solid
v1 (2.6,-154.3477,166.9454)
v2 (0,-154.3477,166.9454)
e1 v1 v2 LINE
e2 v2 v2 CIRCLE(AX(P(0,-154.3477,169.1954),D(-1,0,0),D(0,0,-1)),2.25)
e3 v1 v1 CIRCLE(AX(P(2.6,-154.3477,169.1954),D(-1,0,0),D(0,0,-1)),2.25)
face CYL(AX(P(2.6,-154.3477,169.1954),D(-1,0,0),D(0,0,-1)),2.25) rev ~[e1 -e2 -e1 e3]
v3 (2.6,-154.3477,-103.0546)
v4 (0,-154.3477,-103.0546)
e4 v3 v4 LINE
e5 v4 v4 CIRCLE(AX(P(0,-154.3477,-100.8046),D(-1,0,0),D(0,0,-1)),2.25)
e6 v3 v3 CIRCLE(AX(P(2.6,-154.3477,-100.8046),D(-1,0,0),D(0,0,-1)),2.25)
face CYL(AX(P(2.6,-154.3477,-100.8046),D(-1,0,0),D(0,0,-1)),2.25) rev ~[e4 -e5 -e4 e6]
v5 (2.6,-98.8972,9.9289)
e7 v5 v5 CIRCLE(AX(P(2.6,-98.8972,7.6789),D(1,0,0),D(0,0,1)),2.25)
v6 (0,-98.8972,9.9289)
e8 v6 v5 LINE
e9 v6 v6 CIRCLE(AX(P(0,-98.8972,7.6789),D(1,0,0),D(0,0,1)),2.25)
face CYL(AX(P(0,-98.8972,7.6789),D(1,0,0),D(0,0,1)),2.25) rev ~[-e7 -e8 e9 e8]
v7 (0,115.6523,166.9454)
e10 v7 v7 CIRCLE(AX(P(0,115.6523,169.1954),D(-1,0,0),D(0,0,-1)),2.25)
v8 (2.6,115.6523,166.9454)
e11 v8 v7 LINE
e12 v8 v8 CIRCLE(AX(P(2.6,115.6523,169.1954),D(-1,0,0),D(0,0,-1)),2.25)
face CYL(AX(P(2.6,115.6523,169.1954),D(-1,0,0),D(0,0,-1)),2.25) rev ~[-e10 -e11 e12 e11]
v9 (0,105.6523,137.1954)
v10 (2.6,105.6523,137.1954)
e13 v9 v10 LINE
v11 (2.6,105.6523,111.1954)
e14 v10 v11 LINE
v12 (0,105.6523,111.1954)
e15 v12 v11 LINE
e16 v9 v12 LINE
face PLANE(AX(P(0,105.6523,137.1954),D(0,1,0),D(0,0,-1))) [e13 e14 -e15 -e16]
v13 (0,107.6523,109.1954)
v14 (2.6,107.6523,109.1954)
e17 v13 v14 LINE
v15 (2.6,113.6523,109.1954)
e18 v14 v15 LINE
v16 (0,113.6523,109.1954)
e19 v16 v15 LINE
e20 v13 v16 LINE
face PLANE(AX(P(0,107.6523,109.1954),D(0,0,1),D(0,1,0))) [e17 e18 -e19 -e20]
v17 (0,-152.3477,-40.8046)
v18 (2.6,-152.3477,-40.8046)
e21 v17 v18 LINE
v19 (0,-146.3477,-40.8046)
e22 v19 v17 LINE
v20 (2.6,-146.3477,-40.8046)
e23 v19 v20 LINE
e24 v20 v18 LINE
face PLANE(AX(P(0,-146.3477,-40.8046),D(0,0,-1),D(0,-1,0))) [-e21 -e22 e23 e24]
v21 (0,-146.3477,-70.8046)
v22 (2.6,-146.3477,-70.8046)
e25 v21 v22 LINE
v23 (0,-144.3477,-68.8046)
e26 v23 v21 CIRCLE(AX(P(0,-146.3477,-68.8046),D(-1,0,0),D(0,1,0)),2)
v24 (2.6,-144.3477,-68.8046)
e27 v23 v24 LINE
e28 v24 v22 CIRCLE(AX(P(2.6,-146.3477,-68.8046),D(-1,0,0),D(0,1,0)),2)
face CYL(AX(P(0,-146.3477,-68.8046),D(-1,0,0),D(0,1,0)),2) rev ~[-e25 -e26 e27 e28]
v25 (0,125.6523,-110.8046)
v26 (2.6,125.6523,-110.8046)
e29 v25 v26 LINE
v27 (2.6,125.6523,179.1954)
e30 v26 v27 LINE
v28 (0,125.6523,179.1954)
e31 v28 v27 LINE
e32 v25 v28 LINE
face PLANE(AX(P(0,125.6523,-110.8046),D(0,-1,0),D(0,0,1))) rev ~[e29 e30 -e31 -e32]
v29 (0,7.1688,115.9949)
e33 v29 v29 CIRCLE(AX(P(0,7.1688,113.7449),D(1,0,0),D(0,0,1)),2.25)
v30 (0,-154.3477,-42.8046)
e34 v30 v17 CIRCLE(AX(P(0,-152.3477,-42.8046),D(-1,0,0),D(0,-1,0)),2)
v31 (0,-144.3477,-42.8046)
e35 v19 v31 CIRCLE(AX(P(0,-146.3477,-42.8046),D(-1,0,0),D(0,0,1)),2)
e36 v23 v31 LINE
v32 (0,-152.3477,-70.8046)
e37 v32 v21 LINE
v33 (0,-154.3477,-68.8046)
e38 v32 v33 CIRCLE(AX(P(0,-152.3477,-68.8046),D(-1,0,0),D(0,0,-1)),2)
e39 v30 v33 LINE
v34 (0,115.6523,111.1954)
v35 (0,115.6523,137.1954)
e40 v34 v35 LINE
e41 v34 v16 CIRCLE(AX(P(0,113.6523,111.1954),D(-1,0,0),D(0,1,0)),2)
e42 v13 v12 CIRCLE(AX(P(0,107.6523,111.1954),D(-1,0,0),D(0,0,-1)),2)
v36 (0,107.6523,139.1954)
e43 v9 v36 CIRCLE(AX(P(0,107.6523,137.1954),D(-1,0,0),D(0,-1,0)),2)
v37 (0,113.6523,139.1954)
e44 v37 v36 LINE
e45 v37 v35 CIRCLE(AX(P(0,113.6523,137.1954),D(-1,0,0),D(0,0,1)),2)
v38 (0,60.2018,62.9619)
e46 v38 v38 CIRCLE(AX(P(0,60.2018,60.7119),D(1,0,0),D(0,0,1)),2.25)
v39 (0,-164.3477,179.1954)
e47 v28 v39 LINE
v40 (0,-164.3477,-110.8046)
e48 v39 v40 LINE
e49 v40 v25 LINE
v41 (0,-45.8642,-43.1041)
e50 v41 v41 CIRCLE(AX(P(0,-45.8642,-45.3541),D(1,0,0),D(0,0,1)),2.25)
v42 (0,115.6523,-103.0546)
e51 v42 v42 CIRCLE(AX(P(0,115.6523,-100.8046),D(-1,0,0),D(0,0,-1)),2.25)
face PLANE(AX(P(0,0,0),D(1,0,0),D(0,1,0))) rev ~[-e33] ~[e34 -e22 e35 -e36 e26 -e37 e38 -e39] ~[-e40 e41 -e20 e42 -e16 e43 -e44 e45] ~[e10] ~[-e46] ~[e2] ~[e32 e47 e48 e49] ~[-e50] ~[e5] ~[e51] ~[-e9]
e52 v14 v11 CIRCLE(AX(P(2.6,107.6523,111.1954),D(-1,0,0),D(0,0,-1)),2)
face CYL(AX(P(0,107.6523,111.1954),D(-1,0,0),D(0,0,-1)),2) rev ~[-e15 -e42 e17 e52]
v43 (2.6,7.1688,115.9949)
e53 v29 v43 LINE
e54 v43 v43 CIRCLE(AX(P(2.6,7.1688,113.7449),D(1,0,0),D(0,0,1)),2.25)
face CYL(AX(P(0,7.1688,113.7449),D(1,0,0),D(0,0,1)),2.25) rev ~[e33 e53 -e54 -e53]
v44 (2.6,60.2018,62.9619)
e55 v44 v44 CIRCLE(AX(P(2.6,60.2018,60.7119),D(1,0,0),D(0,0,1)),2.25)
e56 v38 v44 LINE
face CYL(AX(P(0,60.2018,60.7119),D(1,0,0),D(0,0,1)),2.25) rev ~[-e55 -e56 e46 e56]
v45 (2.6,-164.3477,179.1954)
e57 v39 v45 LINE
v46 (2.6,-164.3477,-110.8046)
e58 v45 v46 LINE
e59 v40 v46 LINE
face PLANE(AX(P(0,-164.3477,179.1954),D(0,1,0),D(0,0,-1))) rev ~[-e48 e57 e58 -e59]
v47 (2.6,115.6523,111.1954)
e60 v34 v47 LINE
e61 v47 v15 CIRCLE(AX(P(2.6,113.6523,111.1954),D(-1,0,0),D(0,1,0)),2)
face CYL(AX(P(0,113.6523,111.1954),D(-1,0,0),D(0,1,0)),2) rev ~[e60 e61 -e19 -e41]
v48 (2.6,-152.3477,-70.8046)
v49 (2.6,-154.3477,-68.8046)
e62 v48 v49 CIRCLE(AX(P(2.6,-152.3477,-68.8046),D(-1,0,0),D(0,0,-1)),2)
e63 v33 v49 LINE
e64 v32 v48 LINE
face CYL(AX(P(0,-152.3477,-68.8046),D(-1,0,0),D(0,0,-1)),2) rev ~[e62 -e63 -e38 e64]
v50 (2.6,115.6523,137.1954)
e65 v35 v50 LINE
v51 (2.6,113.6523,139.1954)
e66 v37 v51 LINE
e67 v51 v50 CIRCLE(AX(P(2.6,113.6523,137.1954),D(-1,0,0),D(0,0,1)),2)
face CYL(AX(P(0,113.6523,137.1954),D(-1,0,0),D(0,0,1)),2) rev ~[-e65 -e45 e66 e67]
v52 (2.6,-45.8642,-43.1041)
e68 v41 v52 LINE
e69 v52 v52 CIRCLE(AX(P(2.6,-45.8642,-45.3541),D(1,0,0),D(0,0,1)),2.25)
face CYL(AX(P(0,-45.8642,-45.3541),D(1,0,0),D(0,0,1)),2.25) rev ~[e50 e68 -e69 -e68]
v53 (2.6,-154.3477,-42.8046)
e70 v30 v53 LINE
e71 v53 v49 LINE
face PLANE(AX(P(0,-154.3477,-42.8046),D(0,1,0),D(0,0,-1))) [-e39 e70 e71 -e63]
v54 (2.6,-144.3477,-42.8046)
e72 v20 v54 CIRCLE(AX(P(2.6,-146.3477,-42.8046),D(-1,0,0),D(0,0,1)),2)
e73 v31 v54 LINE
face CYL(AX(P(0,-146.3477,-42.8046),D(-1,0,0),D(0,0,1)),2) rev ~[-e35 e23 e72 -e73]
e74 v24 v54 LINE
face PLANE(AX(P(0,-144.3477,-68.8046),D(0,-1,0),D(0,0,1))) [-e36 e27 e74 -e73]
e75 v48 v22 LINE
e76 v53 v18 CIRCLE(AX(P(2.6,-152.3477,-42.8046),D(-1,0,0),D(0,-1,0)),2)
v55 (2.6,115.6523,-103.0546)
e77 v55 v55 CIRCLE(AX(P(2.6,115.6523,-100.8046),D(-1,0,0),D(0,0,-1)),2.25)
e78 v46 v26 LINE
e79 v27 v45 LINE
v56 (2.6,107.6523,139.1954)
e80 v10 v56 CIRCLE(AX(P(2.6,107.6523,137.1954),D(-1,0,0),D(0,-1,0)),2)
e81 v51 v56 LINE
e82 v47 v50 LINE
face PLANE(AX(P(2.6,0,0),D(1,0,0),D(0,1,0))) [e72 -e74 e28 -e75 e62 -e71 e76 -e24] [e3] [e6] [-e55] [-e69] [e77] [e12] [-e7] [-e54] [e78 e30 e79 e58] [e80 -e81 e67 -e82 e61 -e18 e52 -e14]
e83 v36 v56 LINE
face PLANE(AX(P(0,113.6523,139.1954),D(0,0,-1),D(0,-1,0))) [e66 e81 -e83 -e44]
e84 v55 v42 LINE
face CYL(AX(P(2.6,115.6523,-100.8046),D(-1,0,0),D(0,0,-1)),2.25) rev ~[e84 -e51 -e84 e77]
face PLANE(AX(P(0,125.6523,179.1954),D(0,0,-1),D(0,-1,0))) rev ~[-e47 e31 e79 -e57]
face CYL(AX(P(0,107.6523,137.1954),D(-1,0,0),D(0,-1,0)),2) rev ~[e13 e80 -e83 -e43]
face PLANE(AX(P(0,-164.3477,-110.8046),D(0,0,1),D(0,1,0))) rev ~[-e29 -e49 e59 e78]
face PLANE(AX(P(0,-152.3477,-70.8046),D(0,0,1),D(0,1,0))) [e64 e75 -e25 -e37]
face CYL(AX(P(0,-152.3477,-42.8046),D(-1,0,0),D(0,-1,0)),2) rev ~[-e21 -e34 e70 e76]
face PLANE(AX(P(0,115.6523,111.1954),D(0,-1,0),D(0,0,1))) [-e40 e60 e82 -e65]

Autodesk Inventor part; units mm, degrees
ref_plane "YZ Plane" through (0, 0, 0) normal (1, 0, 0) x (0, 1, 0)
sketch "スケッチ1" plane through (0, 0, 0) normal (1, 0, 0) x (0, 1, 0)
  line L0 (125.6523, 179.1954) -> (-164.3477, 179.1954)
  line L1 (-164.3477, 179.1954) -> (-164.3477, -110.8046)
  line L2 (-164.3477, -110.8046) -> (125.6523, -110.8046)
  line L3 (125.6523, -110.8046) -> (125.6523, 179.1954)
  point P0 (0, 0)
  dimension "d0" = 290
  dimension "d1" = 290
extrude "押し出し1" add sketch "スケッチ1" along normal blind 2.6
sketch "スケッチ2" plane through (2.6, 0, 0) normal (1, 0, 0) x (0, 0, -1)
  line L0 (-179.1954, 125.6523) -> (-179.1954, -164.3477) projected
  line L1 (-179.1954, -164.3477) -> (110.8046, -164.3477) projected
  line L2 (110.8046, -164.3477) -> (110.8046, 125.6523) projected
  line L3 (110.8046, 125.6523) -> (-179.1954, 125.6523) projected
  line L4 (-34.1954, -19.3477) -> (-34.1954, 125.6523)
  line L5 (110.8046, 125.6523) -> (-179.1954, 125.6523) projected
  line L6 (-34.1954, -19.3477) -> (110.8046, -19.3477)
  point P0 (0, 0)
  point P1 (-169.1954, 115.6523)
  point P2 (100.8046, 115.6523)
  point P3 (-169.1954, -154.3477)
  point P4 (100.8046, -154.3477)
  dimension "d4" = 10
  dimension "d5" = 10
hole "穴1" at (2.6, 115.6523, 169.1954) at (2.6, 115.6523, -100.8046) at (2.6, -154.3477, 169.1954) at (2.6, -154.3477, -100.8046) direction (-1, 0, 0) diameter 4.5 depth 10 tip angle 118
sketch "スケッチ4" plane through (0, 0, 0) normal (-1, 0, 0) x (0, 0, 1)
  line L0 (179.1954, -164.3477) -> (-110.8046, -164.3477) projected
  line L1 (-110.8046, -164.3477) -> (-110.8046, 125.6523) projected
  line L2 (-110.8046, 126.1523) -> (179.1954, 126.1523) projected
  circle A0 centre (169.1954, -154.3477) radius 2.25 projected
  circle A1 centre (169.1954, 115.6523) radius 2.25 projected
  circle A2 centre (-100.8046, 115.6523) radius 2.25 projected
  circle A3 centre (-100.8046, -154.3477) radius 2.25 projected
  line L3 (179.1954, 125.6523) -> (179.1954, -164.3477) projected
  line L4 (-110.8046, 125.6523) -> (179.1954, 125.6523) projected
  line L5 (-110.8046, -164.3477) -> (-110.8046, 125.6523) projected
  line L6 (179.1954, -164.3477) -> (-110.8046, -164.3477) projected
  line L7 (179.1954, -164.3477) -> (-110.8046, -164.3477) projected
  line L8 (-70.8046, -152.3477) -> (-70.8046, -146.3477)
  line L9 (-68.8046, -144.3477) -> (-42.8046, -144.3477)
  line L10 (-40.8046, -146.3477) -> (-40.8046, -152.3477)
  arc A4 (-68.8046, -144.3477) -> (-70.8046, -146.3477) centre (-68.8046, -146.3477) ccw
  arc A5 (-40.8046, -146.3477) -> (-42.8046, -144.3477) centre (-42.8046, -146.3477) ccw
  line L11 (-42.8046, -154.3477) -> (-68.8046, -154.3477)
  arc A6 (-42.8046, -154.3477) -> (-40.8046, -152.3477) centre (-42.8046, -152.3477) ccw
  arc A7 (-70.8046, -152.3477) -> (-68.8046, -154.3477) centre (-68.8046, -152.3477) ccw
  arc A8 (109.1954, 107.6523) -> (111.1954, 105.6523) centre (111.1954, 107.6523) ccw
  line L12 (109.1954, 107.6523) -> (109.1954, 113.6523)
  arc A9 (111.1954, 115.6523) -> (109.1954, 113.6523) centre (111.1954, 113.6523) ccw
  line L13 (111.1954, 115.6523) -> (137.1954, 115.6523)
  line L14 (137.1954, 105.6523) -> (111.1954, 105.6523)
  arc A10 (137.1954, 105.6523) -> (139.1954, 107.6523) centre (137.1954, 107.6523) ccw
  line L15 (139.1954, 113.6523) -> (139.1954, 107.6523)
  arc A11 (139.1954, 113.6523) -> (137.1954, 115.6523) centre (137.1954, 113.6523) ccw
  point P0 (0, 0)
  point P1 (-70.8046, -164.3477)
  point P2 (-70.8046, -144.3477)
  point P3 (-40.8046, -144.3477)
  point P4 (-40.8046, -164.3477)
  point P5 (34.1954, -19.3477)
  point P6 (109.1954, 105.6523)
  point P7 (109.1954, 125.6523)
  point P8 (139.1954, 105.6523)
  point P9 (139.1954, 125.6523)
  dimension "d19" = 40
  dimension "d20" = 30
  dimension "d21" = 20
  dimension "d22" = 2
  dimension "d23" = 10
  dimension "d24" = 2
  dimension "d25" = 145
  dimension "d26" = 145
  dimension "d29" = 360
extrude "押し出し3" cut sketch "スケッチ4" against normal blind 2.6 contours L8 A4 L9 A5 L10 A6 L11 A7 | L12 A9 L13 A11 L15 A10 L14 A8
ref_plane "作業平面4" through (2.6, 125.6523, 179.1954) normal (0, -0.7071, 0.7071) x (-1, 0, 0)
ref_plane "作業平面5" through (0, -164.3477, 179.1954) normal (0, -0.7071, -0.7071) x (0, 0.7071, -0.7071)
sketch "スケッチ5" plane through (0, 0, 0) normal (-1, 0, 0) x (0, 0, 1)
  circle A0 centre (60.7119, 60.2018) radius 1.65 projected
  circle A1 centre (113.7449, 7.1688) radius 1.65 projected
  circle A2 centre (-45.3541, -45.8642) radius 1.65 projected
  circle A3 centre (7.6789, -98.8972) radius 1.65 projected
  circle A4 centre (7.6789, -98.8972) radius 1.65 projected
  circle A5 centre (7.6789, -98.8972) radius 1.65 projected
  point P0 (0, 0)
hole "穴2" at (0, 7.1688, 113.7449) at (0, -98.8972, 7.6789) at (0, -45.8642, -45.3541) at (0, 60.2018, 60.7119) at (0, 7.1688, 113.7449) direction (1, 0, 0) diameter 4.5 end through all
properties part number "lc_box_side" material "ポリカーボネート、クリア"
